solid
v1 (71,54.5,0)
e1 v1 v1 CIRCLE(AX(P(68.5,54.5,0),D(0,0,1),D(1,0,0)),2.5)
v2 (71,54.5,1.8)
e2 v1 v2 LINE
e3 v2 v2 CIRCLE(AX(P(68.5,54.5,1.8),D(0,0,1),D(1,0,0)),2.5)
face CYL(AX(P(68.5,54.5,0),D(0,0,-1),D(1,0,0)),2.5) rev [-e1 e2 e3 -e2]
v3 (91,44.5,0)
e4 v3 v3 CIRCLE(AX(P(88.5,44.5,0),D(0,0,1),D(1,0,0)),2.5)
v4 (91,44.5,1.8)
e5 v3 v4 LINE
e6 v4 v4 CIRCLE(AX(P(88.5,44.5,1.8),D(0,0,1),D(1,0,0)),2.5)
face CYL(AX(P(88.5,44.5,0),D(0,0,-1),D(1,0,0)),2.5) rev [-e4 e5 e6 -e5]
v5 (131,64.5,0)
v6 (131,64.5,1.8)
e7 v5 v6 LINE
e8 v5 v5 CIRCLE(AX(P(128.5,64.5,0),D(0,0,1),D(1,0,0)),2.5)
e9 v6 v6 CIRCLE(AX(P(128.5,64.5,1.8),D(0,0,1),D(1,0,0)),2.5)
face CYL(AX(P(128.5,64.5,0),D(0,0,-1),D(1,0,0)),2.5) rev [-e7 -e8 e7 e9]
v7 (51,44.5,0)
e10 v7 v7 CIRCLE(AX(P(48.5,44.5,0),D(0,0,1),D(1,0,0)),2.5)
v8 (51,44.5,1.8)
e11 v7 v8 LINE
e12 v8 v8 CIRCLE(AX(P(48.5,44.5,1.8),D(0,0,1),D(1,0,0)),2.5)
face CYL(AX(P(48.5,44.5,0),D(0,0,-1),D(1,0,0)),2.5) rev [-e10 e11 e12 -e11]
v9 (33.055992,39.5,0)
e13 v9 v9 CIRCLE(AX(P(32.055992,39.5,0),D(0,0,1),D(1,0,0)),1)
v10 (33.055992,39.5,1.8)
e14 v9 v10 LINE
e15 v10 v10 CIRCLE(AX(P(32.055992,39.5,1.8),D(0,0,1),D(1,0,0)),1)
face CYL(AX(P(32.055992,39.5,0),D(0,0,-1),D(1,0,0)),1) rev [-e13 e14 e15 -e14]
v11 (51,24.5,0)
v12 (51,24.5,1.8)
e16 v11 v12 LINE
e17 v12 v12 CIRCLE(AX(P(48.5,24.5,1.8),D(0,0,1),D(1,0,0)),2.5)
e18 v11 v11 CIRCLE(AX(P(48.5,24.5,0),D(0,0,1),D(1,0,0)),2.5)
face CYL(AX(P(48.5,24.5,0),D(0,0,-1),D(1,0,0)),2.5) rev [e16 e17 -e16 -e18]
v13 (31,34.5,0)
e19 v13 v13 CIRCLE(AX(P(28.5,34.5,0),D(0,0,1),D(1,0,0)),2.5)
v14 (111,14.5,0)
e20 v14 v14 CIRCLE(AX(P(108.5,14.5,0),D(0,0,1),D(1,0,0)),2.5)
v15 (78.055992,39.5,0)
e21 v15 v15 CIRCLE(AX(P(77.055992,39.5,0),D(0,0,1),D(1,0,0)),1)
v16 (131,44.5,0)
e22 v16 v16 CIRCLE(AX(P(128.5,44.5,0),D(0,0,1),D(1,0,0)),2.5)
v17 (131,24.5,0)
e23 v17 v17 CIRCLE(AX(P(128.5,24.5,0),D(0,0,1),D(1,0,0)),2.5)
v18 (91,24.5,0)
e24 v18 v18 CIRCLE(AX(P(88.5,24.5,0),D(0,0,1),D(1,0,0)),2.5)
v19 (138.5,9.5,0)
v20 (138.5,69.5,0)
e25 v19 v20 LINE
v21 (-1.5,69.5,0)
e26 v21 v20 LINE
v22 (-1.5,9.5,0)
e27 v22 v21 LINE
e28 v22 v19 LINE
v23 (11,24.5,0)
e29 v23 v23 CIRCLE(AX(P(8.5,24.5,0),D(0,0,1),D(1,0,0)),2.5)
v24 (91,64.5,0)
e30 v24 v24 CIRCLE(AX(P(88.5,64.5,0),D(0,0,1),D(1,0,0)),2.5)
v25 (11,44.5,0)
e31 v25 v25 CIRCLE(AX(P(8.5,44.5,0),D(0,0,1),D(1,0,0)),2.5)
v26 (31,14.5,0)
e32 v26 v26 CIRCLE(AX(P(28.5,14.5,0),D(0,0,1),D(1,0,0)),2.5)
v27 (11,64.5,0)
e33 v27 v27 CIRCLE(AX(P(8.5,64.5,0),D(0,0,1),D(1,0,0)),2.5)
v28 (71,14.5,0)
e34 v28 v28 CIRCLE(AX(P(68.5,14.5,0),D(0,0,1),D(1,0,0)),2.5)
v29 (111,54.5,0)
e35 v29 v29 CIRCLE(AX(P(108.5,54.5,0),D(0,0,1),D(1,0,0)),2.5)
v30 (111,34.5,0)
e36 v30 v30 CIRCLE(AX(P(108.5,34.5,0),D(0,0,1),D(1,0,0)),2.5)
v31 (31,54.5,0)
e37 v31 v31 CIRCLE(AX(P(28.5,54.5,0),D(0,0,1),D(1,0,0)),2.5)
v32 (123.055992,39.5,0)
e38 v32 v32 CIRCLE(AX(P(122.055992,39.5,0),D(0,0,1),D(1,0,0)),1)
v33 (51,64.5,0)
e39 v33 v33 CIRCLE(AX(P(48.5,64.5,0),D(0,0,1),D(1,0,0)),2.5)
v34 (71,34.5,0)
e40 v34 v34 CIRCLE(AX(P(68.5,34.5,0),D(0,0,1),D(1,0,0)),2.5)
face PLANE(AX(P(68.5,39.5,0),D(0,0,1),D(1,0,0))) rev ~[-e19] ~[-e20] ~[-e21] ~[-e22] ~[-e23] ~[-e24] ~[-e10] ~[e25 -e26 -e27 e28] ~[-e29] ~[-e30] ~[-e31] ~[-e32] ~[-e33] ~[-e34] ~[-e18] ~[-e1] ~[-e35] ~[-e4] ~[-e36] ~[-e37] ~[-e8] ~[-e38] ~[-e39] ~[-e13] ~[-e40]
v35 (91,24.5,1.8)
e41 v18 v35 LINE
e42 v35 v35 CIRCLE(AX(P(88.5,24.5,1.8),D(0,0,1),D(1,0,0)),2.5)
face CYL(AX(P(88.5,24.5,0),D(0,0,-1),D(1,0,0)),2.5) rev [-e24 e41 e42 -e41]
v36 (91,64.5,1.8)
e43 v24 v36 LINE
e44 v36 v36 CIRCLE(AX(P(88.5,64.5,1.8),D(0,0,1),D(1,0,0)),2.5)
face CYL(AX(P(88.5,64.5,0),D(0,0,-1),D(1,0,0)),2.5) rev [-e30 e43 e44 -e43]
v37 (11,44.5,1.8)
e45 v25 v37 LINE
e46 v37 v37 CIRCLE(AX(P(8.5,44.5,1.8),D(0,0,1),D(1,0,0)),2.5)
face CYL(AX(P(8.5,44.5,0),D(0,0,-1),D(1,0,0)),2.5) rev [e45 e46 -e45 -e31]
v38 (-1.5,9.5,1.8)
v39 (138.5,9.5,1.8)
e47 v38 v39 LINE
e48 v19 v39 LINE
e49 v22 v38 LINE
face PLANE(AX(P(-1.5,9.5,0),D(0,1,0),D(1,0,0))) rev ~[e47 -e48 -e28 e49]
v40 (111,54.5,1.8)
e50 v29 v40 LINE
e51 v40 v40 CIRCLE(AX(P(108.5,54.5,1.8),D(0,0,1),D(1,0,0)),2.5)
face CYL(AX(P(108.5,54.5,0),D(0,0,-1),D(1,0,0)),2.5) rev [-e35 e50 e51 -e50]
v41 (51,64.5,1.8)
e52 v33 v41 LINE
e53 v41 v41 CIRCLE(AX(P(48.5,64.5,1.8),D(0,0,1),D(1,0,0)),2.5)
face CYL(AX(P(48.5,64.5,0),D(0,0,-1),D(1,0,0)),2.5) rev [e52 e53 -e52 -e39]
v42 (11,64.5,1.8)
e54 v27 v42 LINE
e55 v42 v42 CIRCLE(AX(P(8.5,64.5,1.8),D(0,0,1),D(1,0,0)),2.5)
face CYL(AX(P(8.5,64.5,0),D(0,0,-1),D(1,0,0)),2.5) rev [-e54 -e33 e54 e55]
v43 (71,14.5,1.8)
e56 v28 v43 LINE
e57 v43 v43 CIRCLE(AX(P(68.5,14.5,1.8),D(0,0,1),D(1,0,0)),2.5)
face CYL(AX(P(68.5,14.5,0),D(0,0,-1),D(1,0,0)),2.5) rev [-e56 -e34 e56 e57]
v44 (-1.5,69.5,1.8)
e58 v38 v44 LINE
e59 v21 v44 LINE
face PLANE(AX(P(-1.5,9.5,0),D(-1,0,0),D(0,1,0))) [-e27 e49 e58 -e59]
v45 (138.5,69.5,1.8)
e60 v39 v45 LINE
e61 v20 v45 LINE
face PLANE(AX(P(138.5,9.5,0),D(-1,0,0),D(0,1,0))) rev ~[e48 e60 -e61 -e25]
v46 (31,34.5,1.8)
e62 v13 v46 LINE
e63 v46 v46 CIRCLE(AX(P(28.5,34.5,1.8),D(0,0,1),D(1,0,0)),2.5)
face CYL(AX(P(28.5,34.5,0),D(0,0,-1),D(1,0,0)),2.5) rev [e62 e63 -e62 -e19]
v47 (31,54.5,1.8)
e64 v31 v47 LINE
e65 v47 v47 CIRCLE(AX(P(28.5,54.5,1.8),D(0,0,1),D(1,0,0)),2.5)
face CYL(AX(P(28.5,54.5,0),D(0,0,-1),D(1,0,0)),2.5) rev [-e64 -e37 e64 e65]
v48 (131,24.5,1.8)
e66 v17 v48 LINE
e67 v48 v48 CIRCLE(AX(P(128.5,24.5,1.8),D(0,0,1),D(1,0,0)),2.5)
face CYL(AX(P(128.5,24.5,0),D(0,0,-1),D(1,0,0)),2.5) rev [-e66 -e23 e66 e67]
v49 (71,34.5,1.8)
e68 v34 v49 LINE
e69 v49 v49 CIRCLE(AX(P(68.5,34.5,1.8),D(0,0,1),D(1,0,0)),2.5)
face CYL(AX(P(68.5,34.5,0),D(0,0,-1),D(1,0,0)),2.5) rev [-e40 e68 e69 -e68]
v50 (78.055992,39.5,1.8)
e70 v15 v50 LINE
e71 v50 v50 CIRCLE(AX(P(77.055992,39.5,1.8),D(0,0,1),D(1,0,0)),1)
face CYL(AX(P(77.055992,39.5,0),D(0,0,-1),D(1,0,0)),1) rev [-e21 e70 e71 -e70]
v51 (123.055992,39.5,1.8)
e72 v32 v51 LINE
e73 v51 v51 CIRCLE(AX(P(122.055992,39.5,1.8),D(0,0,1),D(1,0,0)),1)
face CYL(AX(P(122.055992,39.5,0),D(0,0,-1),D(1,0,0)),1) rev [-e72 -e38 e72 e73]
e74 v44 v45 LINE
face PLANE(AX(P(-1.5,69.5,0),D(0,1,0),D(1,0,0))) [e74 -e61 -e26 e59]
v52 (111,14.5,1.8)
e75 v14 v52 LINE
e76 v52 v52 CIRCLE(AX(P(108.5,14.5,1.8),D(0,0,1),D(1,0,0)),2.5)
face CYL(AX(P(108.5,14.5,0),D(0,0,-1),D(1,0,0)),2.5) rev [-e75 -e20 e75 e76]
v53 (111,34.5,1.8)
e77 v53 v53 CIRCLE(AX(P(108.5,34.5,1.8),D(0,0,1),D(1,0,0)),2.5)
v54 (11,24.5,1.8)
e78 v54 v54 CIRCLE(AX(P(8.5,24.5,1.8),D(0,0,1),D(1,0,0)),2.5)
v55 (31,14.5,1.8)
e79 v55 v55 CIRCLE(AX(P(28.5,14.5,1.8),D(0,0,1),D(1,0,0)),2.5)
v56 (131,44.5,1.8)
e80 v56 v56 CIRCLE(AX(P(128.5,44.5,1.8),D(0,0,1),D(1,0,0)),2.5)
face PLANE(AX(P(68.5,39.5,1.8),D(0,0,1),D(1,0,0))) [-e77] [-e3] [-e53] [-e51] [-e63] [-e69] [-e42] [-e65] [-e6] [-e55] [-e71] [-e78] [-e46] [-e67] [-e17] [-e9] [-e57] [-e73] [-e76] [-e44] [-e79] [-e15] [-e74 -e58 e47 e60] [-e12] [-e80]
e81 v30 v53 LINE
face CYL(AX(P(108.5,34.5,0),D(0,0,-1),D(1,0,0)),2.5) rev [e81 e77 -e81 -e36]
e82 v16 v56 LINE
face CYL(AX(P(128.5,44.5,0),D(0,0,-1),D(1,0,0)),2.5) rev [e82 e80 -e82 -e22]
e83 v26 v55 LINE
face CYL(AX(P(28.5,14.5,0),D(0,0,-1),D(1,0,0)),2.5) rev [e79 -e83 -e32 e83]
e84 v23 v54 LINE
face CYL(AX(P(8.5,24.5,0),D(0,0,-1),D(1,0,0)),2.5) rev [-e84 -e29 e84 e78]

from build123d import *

# Parameters (mm, degrees)
SKETCH_W   = 140
SKETCH_H   = 60
SKETCH_R   = 2.5
SKETCH_R_2 = 1
PAD_DEPTH  = 1.8


with BuildPart() as part:
    # Sketch → Pad (new body)
    with BuildSketch(Plane.XY):
        with Locations((68.5, 39.5)):
            Rectangle(SKETCH_W, SKETCH_H)
        with Locations((28.5, 14.5)):
            Circle(SKETCH_R, mode=Mode.SUBTRACT)
        with Locations((108.5, 14.5)):
            Circle(SKETCH_R, mode=Mode.SUBTRACT)
        with Locations((8.5, 24.5)):
            Circle(SKETCH_R, mode=Mode.SUBTRACT)
        with Locations((48.5, 24.5)):
            Circle(SKETCH_R, mode=Mode.SUBTRACT)
        with Locations((88.5, 24.5)):
            Circle(SKETCH_R, mode=Mode.SUBTRACT)
        with Locations((8.5, 44.5)):
            Circle(SKETCH_R, mode=Mode.SUBTRACT)
        with Locations((48.5, 44.5)):
            Circle(SKETCH_R, mode=Mode.SUBTRACT)
        with Locations((88.5, 44.5)):
            Circle(SKETCH_R, mode=Mode.SUBTRACT)
        with Locations((28.5, 54.5)):
            Circle(SKETCH_R, mode=Mode.SUBTRACT)
        with Locations((68.5, 54.5)):
            Circle(SKETCH_R, mode=Mode.SUBTRACT)
        with Locations((108.5, 54.5)):
            Circle(SKETCH_R, mode=Mode.SUBTRACT)
        with Locations((88.5, 64.5)):
            Circle(SKETCH_R, mode=Mode.SUBTRACT)
        with Locations((48.5, 64.5)):
            Circle(SKETCH_R, mode=Mode.SUBTRACT)
        with Locations((8.5, 64.5)):
            Circle(SKETCH_R, mode=Mode.SUBTRACT)
        with Locations((28.5, 34.5)):
            Circle(SKETCH_R, mode=Mode.SUBTRACT)
        with Locations((68.5, 34.5)):
            Circle(SKETCH_R, mode=Mode.SUBTRACT)
        with Locations((108.5, 34.5)):
            Circle(SKETCH_R, mode=Mode.SUBTRACT)
        with Locations((68.5, 14.5)):
            Circle(SKETCH_R, mode=Mode.SUBTRACT)
        with Locations((128.5, 24.5)):
            Circle(SKETCH_R, mode=Mode.SUBTRACT)
        with Locations((128.5, 44.5)):
            Circle(SKETCH_R, mode=Mode.SUBTRACT)
        with Locations((128.5, 64.5)):
            Circle(SKETCH_R, mode=Mode.SUBTRACT)
        with Locations((77.055992, 39.5)):
            Circle(SKETCH_R_2, mode=Mode.SUBTRACT)
        with Locations((122.055992, 39.5)):
            Circle(SKETCH_R_2, mode=Mode.SUBTRACT)
        with Locations((32.055992, 39.5)):
            Circle(SKETCH_R_2, mode=Mode.SUBTRACT)
    extrude(amount=PAD_DEPTH)


solid = part.part
